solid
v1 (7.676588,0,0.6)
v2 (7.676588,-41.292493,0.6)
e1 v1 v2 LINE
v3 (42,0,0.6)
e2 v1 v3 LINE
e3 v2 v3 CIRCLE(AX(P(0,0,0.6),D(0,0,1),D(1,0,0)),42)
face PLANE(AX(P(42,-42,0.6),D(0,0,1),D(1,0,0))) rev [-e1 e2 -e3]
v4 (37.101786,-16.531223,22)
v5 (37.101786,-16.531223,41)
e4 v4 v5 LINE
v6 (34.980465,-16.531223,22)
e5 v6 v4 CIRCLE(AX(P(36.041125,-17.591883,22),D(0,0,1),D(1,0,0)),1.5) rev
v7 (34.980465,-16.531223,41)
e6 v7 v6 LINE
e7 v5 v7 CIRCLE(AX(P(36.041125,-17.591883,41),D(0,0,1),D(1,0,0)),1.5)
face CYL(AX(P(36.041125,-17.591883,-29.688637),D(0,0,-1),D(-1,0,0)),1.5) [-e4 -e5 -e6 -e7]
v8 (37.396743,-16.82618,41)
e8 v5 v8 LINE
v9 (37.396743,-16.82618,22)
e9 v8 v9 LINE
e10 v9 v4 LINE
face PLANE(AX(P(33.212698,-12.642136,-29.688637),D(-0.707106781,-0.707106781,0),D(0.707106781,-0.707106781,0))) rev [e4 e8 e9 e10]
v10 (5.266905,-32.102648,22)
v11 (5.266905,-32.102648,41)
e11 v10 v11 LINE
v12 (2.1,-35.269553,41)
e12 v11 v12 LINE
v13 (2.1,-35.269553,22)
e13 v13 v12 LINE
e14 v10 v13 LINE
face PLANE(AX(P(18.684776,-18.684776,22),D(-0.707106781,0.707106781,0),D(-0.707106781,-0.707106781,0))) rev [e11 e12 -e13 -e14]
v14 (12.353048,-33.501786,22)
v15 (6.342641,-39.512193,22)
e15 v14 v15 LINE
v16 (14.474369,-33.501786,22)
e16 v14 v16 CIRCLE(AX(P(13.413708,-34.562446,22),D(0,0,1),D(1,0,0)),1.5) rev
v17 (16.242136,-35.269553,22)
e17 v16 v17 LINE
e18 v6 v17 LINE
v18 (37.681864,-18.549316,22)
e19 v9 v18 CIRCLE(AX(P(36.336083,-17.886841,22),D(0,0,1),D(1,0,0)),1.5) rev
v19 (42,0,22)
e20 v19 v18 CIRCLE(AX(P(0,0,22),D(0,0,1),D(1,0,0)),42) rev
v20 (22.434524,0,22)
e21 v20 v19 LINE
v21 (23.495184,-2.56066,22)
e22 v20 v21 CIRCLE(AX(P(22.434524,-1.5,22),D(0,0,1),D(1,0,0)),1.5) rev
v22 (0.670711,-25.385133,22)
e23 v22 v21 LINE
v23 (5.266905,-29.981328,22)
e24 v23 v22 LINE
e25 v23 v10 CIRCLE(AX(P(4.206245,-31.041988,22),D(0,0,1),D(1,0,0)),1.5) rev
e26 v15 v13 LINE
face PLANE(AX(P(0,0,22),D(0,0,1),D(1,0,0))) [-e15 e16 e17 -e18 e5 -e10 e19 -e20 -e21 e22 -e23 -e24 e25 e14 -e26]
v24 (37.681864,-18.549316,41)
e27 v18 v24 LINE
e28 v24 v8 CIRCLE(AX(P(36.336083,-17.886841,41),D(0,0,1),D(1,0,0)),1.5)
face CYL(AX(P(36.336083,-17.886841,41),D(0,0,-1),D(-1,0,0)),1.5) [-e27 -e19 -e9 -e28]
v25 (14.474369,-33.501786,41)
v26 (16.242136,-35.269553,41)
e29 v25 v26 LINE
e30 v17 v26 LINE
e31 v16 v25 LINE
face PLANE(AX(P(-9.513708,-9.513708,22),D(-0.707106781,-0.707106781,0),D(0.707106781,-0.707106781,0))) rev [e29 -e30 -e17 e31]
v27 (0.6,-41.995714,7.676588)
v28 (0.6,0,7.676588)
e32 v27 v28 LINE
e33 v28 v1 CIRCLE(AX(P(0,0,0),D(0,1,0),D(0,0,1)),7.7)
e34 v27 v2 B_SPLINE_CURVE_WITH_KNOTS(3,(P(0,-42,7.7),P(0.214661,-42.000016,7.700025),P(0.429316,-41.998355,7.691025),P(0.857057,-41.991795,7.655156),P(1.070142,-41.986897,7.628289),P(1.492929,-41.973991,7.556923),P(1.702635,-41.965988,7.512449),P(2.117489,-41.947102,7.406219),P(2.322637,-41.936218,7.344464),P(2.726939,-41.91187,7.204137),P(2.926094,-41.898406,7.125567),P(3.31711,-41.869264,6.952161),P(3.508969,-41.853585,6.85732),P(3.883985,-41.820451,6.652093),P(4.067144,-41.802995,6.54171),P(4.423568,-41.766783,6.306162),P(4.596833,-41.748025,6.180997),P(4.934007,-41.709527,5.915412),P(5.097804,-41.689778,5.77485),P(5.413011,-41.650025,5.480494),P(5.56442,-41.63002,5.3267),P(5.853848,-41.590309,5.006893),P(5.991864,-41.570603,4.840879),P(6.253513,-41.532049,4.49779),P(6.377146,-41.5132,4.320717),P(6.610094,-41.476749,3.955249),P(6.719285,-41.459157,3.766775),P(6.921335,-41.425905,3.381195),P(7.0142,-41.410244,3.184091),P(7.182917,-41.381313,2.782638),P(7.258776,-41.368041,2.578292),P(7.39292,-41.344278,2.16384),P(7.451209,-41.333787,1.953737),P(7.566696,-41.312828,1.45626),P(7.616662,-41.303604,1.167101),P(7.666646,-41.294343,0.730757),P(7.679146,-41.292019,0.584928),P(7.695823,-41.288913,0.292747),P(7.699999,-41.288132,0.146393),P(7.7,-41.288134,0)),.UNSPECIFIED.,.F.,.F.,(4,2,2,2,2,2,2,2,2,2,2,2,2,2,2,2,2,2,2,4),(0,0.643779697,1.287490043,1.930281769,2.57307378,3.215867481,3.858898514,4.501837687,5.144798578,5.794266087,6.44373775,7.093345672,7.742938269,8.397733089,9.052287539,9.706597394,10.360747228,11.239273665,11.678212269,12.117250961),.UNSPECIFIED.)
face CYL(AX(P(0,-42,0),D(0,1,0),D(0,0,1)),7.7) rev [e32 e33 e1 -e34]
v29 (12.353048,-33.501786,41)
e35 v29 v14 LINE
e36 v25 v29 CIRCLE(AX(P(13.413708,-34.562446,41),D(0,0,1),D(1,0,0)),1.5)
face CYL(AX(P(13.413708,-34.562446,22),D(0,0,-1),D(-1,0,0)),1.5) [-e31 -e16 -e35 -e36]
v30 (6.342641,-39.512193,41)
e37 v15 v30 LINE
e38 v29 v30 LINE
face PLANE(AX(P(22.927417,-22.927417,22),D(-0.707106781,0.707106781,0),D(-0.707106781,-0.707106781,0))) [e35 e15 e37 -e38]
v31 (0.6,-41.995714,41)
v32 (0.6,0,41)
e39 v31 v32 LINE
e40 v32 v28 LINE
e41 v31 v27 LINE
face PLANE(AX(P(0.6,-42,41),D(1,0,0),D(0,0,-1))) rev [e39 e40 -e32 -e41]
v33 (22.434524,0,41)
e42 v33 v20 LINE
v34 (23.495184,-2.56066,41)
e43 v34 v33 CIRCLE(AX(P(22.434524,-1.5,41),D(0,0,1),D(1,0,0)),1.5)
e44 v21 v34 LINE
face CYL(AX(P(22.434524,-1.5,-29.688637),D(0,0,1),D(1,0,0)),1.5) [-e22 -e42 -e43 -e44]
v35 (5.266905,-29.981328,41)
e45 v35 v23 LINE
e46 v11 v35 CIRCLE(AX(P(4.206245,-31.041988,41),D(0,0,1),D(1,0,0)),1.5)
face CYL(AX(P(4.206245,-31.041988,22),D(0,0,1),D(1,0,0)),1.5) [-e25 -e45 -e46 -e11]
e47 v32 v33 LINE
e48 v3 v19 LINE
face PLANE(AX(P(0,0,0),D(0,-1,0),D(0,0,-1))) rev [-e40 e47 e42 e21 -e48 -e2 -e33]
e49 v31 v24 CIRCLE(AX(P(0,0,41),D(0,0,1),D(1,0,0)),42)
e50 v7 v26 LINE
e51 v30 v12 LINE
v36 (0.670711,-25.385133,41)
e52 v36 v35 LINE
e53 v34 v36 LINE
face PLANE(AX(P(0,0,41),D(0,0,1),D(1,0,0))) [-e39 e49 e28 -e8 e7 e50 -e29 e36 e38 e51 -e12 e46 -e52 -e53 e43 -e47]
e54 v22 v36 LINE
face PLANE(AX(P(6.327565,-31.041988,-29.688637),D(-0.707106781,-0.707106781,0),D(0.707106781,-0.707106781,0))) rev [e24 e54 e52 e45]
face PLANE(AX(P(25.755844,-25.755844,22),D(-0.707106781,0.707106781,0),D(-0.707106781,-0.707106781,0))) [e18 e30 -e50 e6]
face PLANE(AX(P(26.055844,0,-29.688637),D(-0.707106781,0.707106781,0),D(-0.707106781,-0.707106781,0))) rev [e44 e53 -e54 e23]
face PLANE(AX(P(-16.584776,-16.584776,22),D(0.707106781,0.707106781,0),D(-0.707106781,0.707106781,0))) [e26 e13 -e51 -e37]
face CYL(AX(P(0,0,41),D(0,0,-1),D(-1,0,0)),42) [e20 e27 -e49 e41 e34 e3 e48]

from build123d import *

# Parameters (mm, degrees)
SKETCH1_R           = 42
BOSS_EXTRUDE1_DEPTH = 41
CUT_EXTRUDE1_DEPTH  = 73.173402303
SKETCH3_R           = 7.7
CUT_EXTRUDE2_DEPTH  = 73.173402303
SKETCH4_W           = 0.6
SKETCH4_H           = 34.211954595
SKETCH4_W_2         = 35.741543893
SKETCH4_H_2         = 0.6
CUT_EXTRUDE3_DEPTH  = 73.173402476
CUT_EXTRUDE4_DEPTH  = 19
CUT_EXTRUDE6_START  = -19
CUT_EXTRUDE6_DEPTH  = 19
FILLET1_R           = 1.5


with BuildPart() as part:
    # Sketch1 → Boss-Extrude1 (new body)
    with BuildSketch(Plane.XY):
        Circle(SKETCH1_R)
    extrude(amount=BOSS_EXTRUDE1_DEPTH)

    # Sketch2 → Cut-Extrude1 (cut, through all)
    with BuildSketch(Plane.XY.offset(41)):
        with BuildLine():
            Line((0, 0), (42, 0))
            ThreePointArc((42, 0), (-29.69848481, 29.69848481), (0, -42))
            Line((0, -42), (0, 0))
        make_face()
    extrude(amount=-CUT_EXTRUDE1_DEPTH, mode=Mode.SUBTRACT)

    # Sketch3 → Cut-Extrude2 (cut, through all)
    with BuildSketch(Plane(origin=(0, 0, 0), x_dir=(1, 0, 0), z_dir=(0, 1, 0))):
        Circle(SKETCH3_R)
    extrude(amount=-CUT_EXTRUDE2_DEPTH, mode=Mode.SUBTRACT)

    # Sketch4 → Cut-Extrude3 (cut, through all)
    with BuildSketch(Plane(origin=(0, 0, 0), x_dir=(1, 0, 0), z_dir=(0, 1, 0))):
        with Locations((0.3, -23.894022702)):
            Rectangle(SKETCH4_W, SKETCH4_H)
        with Locations((24.129228054, -0.3)):
            Rectangle(SKETCH4_W_2, SKETCH4_H_2)
    extrude(amount=-CUT_EXTRUDE3_DEPTH, mode=Mode.SUBTRACT)

    # Sketch5 → Cut-Extrude4 (cut)
    with BuildSketch(Plane.XY.offset(41)):
        Polygon((36.041125497, -15.470562748), (33.212698372, -12.642135624), (13.413708499, -32.441125497), (16.242135624, -35.269552622), align=None)
        Polygon((33.919805153, -3.449747468), (31.712698372, -5.656854249), (6.256854249, -31.112698372), (2.1, -35.269552622), (6.342640687, -39.512193309), (13.413708499, -32.441125497), (33.212698372, -12.642135624), (38.162445841, -7.692388155), align=None)
    extrude(amount=-CUT_EXTRUDE4_DEPTH, mode=Mode.SUBTRACT)

    # Sketch6 → Cut-Extrude6 (cut)
    with BuildSketch(Plane.XY.offset(41).offset(CUT_EXTRUDE6_START)):
        with BuildLine():
            Line((28.970057685, -8.399494937), (6.327564928, -31.041987694))
            Line((6.327564928, -31.041987694), (0.670710678, -25.385133445))
            Line((0.670710678, -25.385133445), (26.055844123, 0))
            Line((26.055844123, 0), (42, 0))
            ThreePointArc((42, 0), (41.025156816, -8.996471987), (38.145880561, -17.575317813))
            Line((38.145880561, -17.575317813), (33.212698372, -12.642135624))
            Line((33.212698372, -12.642135624), (28.970057685, -8.399494937))
        make_face()
    extrude(amount=CUT_EXTRUDE6_DEPTH, mode=Mode.SUBTRACT)

    # Fillet1
    fillet1_edges = [part.edges().sort_by_distance(p)[0] for p in [
        (6.327564928, -31.041987694, 31.5),
        (26.055844123, 0, 31.5),
        (38.145880561, -17.575317813, 31.5),
        (36.041125497, -15.470562748, 31.5),
        (13.413708499, -32.441125497, 31.5),
    ]]
    fillet(fillet1_edges, radius=FILLET1_R)


solid = part.part
